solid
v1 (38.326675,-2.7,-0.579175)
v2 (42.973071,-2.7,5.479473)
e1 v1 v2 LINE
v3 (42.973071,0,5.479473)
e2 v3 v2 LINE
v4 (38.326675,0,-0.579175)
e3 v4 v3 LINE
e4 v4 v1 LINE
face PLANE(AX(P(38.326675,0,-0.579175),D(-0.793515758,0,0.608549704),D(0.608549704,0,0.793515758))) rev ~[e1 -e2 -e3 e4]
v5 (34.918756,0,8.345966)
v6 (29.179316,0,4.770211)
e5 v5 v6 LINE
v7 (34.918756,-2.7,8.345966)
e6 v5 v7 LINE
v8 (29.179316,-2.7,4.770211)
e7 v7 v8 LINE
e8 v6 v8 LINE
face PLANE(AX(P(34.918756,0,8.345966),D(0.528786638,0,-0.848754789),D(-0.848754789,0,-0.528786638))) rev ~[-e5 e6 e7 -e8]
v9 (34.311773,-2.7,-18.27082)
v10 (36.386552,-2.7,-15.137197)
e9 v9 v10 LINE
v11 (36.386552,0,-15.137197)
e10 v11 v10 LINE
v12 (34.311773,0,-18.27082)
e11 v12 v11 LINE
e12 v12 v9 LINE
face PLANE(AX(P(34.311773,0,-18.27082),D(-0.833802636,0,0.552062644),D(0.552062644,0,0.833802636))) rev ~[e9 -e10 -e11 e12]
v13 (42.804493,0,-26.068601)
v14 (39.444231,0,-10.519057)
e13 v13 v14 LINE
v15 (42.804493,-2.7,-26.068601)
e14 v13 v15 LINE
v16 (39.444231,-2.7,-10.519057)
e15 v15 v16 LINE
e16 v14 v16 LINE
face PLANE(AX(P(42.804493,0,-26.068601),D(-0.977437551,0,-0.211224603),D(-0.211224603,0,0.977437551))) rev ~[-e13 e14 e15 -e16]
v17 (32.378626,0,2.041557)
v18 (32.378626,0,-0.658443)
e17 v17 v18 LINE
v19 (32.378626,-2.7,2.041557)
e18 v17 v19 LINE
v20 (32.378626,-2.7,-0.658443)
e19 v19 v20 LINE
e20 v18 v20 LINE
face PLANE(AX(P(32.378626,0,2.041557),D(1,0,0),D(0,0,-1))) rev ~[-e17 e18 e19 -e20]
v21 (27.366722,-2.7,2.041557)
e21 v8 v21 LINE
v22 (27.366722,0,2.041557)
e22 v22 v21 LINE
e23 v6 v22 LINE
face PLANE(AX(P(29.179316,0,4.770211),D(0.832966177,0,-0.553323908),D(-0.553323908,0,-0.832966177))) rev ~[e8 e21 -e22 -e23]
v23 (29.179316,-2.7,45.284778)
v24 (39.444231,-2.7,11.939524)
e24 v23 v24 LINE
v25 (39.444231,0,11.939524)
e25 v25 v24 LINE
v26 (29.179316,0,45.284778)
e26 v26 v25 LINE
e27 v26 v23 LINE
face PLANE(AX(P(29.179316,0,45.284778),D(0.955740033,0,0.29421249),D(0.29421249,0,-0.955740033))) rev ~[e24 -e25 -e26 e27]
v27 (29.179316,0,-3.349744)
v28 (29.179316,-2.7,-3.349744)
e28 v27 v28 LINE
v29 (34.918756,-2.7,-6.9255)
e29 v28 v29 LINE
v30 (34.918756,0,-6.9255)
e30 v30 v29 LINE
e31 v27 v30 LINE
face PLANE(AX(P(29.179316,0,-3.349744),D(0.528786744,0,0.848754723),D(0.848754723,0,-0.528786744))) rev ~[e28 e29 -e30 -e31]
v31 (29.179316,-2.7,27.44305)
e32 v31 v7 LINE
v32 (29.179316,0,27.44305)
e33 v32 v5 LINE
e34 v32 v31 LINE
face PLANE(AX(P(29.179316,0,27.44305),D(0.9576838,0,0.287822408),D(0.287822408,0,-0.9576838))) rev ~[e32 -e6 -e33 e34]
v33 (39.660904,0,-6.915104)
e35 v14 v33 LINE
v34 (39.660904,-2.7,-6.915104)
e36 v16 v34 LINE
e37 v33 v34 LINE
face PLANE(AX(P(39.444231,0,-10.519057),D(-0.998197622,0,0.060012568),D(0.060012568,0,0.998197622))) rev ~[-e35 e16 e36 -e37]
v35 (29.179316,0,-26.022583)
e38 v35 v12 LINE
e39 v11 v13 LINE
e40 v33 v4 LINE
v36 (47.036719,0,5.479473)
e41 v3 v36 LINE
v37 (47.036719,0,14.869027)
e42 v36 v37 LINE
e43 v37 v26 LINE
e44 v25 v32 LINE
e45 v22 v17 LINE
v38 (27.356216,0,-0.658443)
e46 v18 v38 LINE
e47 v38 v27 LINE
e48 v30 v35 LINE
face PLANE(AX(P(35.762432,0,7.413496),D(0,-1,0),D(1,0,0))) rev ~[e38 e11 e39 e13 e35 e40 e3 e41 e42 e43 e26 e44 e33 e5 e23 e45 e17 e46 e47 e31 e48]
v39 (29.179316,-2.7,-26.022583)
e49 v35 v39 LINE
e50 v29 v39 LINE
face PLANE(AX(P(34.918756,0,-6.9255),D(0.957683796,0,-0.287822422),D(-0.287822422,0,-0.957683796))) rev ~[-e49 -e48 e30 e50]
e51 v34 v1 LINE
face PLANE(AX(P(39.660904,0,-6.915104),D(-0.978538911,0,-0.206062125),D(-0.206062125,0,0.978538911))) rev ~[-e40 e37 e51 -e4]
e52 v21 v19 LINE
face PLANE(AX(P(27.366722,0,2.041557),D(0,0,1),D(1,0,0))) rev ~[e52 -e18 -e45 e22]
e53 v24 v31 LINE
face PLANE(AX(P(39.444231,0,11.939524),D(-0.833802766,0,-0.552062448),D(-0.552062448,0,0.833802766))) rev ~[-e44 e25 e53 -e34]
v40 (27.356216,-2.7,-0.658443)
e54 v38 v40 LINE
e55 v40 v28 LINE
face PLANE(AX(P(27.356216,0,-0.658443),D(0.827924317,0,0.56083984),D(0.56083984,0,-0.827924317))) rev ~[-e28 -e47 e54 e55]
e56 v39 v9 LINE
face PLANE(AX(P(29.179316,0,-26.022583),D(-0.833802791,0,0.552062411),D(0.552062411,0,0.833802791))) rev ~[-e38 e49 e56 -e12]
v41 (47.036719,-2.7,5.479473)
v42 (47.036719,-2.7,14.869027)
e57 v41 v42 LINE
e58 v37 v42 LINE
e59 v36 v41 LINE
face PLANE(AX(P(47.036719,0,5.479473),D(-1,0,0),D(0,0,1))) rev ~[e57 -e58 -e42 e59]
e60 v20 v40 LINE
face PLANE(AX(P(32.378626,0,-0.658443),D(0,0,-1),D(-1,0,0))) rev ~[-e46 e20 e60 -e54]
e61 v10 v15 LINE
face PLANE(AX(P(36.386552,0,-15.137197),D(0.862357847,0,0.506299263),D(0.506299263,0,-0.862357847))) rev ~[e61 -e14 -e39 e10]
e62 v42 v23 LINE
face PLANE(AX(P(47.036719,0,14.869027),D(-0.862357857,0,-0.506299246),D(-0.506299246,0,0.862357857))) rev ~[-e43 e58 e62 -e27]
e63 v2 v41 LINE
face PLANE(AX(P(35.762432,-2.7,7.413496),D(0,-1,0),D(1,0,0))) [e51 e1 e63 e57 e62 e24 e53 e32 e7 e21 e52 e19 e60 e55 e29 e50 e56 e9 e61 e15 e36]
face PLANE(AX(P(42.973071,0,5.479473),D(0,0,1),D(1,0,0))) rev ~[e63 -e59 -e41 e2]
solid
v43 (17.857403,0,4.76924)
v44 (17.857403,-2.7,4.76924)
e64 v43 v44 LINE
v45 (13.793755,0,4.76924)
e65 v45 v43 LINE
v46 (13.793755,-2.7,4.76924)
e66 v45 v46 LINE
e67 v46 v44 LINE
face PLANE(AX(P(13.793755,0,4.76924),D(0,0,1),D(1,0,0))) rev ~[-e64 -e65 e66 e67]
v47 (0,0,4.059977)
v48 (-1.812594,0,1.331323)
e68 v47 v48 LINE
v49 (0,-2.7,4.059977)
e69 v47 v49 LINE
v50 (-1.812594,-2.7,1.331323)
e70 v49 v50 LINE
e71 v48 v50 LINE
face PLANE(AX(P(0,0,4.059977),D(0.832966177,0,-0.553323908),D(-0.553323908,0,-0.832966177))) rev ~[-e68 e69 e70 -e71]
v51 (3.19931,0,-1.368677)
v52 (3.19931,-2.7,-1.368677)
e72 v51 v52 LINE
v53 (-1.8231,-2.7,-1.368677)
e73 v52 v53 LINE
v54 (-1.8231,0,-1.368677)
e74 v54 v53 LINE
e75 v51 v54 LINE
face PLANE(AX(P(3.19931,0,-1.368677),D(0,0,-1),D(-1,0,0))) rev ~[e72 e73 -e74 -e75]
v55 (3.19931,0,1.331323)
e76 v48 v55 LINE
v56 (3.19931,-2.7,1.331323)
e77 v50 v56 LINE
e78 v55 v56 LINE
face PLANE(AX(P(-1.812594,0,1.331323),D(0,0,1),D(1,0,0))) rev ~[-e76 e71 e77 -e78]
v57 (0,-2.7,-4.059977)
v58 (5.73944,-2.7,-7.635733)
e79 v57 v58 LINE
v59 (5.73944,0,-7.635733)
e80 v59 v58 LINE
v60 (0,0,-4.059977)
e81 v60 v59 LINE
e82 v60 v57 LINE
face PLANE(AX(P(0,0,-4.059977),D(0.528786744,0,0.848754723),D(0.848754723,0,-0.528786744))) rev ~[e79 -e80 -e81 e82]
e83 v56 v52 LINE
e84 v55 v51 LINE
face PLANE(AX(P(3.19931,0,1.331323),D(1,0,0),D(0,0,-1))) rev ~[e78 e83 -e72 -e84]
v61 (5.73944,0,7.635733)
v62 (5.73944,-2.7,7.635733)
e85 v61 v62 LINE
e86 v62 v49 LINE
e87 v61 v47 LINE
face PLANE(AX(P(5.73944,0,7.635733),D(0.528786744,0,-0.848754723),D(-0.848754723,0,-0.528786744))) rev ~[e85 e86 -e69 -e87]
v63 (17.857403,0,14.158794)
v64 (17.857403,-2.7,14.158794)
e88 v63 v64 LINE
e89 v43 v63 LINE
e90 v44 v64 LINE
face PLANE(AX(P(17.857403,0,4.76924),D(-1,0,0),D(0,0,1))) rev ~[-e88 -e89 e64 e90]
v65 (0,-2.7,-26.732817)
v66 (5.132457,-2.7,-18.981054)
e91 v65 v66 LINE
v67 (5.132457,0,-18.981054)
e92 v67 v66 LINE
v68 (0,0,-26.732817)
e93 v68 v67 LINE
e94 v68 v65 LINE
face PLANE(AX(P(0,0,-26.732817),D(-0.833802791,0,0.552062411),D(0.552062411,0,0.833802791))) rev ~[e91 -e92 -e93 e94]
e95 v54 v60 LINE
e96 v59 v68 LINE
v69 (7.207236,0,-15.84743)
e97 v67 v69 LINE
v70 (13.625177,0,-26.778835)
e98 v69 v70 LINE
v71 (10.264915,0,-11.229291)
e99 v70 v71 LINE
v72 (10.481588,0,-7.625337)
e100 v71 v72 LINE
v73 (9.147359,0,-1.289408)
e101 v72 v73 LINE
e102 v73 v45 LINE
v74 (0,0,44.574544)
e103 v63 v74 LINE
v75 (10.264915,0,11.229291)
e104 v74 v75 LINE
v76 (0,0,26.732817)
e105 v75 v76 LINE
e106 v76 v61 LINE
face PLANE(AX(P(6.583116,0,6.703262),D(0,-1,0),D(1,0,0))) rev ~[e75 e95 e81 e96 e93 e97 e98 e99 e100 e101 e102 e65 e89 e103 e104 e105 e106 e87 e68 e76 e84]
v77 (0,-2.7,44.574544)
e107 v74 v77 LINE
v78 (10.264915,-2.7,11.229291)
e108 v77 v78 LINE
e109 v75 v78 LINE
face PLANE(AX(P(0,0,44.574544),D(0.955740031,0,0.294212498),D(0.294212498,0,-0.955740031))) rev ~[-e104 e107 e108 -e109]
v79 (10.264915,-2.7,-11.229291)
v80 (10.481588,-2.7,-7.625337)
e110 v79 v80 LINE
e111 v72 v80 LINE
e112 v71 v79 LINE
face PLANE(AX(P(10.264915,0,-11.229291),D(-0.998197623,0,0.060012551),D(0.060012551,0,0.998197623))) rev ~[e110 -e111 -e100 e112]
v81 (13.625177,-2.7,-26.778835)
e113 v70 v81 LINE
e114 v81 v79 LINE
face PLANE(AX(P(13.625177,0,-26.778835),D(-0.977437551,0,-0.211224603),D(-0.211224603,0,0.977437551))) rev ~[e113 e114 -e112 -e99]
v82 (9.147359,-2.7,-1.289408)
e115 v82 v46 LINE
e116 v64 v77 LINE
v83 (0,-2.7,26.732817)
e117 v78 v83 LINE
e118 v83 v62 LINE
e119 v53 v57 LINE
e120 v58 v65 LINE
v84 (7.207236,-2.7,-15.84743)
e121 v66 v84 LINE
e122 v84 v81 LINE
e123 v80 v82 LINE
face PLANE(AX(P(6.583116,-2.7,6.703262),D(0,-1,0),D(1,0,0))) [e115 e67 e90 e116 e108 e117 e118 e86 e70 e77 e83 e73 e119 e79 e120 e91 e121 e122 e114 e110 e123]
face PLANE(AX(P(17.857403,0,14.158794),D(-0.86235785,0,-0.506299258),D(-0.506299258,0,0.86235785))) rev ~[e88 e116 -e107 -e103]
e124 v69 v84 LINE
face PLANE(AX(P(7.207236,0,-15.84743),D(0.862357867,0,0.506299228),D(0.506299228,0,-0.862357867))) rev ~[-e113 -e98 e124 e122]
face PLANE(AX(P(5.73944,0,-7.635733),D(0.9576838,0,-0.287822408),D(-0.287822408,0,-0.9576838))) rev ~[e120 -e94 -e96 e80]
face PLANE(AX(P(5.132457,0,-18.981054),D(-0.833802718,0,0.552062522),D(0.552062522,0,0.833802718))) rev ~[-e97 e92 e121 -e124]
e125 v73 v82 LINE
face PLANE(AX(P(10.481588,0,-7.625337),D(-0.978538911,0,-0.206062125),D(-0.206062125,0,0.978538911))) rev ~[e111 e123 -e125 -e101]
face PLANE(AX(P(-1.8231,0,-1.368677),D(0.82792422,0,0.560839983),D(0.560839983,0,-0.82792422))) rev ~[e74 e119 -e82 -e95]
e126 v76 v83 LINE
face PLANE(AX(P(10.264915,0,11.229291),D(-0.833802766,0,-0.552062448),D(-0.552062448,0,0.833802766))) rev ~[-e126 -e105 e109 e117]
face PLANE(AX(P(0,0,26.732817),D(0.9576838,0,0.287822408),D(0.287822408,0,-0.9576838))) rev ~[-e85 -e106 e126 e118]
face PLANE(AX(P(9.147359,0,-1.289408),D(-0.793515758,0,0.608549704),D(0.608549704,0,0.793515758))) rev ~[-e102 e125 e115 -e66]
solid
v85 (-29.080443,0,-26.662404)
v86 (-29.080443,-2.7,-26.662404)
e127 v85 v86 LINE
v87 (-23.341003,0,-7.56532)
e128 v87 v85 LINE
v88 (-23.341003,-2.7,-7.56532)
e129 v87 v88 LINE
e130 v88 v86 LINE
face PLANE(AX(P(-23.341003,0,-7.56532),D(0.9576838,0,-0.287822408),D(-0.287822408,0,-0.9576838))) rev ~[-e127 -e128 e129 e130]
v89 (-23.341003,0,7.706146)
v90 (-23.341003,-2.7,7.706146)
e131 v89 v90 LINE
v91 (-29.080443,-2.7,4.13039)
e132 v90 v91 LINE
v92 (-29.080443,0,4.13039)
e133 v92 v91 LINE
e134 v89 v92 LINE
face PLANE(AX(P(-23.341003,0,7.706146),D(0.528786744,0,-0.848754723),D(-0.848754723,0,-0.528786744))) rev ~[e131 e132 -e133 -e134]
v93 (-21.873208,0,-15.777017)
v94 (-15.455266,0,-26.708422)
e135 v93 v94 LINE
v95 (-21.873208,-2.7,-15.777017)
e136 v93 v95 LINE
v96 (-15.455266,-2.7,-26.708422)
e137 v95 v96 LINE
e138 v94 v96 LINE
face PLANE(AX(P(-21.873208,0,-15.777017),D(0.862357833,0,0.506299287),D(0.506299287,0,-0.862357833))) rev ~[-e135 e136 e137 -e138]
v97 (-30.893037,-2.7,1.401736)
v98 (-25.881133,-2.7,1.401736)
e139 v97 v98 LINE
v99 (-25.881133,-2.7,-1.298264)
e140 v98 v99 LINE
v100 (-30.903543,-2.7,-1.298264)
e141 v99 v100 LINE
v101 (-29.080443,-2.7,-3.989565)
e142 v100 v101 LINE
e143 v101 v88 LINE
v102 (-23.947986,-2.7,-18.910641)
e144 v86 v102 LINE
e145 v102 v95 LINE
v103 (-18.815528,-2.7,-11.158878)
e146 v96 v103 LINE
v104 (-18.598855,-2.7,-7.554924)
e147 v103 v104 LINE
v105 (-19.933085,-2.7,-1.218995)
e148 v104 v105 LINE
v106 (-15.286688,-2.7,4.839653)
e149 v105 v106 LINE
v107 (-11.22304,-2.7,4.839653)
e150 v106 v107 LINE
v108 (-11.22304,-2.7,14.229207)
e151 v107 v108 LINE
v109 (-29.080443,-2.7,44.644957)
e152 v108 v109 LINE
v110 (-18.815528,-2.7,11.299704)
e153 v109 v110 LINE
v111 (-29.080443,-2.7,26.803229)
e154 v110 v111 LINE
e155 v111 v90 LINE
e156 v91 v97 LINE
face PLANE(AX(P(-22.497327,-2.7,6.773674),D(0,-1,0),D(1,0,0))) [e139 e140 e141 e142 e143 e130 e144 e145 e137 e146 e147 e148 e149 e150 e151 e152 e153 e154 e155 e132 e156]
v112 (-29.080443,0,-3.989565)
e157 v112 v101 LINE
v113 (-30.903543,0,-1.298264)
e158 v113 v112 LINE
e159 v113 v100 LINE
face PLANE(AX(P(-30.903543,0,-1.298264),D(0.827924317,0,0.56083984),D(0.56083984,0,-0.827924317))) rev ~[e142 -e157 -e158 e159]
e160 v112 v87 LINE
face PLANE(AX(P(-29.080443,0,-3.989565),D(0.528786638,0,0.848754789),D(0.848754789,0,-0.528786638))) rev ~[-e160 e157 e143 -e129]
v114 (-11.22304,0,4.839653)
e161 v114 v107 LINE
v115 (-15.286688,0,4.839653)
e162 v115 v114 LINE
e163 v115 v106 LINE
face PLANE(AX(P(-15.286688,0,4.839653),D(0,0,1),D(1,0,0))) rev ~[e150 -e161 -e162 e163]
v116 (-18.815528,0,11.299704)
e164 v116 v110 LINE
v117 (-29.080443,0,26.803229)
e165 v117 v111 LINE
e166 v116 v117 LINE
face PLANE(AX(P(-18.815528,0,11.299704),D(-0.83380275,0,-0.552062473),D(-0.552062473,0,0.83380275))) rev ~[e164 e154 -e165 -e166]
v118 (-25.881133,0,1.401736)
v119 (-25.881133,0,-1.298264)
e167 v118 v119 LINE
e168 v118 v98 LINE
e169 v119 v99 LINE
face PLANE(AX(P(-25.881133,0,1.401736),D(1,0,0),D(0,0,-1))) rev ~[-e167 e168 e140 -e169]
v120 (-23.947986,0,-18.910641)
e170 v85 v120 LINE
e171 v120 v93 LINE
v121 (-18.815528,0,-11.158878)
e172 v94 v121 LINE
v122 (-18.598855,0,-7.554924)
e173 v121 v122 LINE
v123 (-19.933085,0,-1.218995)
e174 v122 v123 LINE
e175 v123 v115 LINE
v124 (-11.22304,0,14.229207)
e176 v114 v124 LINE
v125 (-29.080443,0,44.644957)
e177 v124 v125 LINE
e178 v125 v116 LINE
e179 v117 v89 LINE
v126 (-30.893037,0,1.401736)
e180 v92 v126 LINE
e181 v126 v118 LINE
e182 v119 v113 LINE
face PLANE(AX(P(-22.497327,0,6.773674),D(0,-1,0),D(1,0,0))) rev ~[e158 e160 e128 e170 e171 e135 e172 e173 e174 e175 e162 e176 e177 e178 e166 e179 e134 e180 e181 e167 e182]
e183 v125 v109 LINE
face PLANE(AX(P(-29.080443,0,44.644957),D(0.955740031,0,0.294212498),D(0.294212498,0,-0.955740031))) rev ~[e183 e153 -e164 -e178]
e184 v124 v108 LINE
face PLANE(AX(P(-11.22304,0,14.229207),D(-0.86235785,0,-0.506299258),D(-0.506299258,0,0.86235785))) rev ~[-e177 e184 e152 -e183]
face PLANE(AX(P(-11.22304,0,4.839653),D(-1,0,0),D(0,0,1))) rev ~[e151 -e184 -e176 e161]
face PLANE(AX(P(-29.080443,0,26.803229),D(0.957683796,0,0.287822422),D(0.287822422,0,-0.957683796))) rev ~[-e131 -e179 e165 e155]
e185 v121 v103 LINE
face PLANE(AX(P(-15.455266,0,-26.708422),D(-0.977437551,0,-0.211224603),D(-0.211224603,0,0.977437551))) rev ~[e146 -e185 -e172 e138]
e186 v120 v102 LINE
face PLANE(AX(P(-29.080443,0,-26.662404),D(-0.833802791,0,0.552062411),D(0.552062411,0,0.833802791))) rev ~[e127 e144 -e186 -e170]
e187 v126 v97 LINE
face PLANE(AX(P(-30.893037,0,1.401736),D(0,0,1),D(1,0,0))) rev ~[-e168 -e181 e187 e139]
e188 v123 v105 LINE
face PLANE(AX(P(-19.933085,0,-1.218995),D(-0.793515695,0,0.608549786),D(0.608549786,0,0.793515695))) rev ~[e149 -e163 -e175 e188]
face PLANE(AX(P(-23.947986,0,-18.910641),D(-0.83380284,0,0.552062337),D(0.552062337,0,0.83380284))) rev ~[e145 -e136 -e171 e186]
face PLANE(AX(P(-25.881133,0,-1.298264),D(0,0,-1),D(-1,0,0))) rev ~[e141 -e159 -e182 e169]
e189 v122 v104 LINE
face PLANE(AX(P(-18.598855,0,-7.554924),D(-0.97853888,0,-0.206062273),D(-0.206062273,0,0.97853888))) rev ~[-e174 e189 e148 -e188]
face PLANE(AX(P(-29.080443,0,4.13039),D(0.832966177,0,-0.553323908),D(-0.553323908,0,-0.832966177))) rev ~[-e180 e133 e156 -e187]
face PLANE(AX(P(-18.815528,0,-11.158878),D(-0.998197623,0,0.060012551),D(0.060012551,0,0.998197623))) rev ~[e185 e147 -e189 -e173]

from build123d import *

# Parameters (mm, degrees)
F1_DEPTH = 2.7


with BuildPart() as f1:
    # F0 (on Front) → F1 (new body)
    with BuildSketch(Plane.XZ):
        Polygon((10.264915, 11.229291), (0, 26.732817), (5.73944, 7.635733), (0, 4.059977), (-1.812594, 1.331323), (0, 1.331323), (3.19931, 1.331323), (3.19931, -1.368677), (0, -1.368677), (-1.8231, -1.368677), (0, -4.059977), (5.73944, -7.635733), (0, -26.732817), (5.132457, -18.981054), (7.207236, -15.84743), (13.625177, -26.778835), (10.264915, -11.229291), (10.481588, -7.625337), (9.147359, -1.289408), (13.793755, 4.76924), (17.857403, 4.76924), (17.857403, 14.158794), (0, 44.574544), align=None)
        Polygon((-18.815528, 11.299704), (-29.080443, 26.803229), (-23.341003, 7.706146), (-29.080443, 4.13039), (-30.893037, 1.401736), (-29.080443, 1.401736), (-25.881133, 1.401736), (-25.881133, -1.298264), (-29.080443, -1.298264), (-30.903543, -1.298264), (-29.080443, -3.989565), (-23.341003, -7.56532), (-29.080443, -26.662404), (-23.947986, -18.910641), (-21.873208, -15.777017), (-15.455266, -26.708422), (-18.815528, -11.158878), (-18.598855, -7.554924), (-19.933085, -1.218995), (-15.286688, 4.839653), (-11.22304, 4.839653), (-11.22304, 14.229207), (-29.080443, 44.644957), align=None)
        Polygon((39.444231, 11.939524), (29.179316, 27.44305), (34.918756, 8.345966), (29.179316, 4.770211), (27.366722, 2.041557), (29.179316, 2.041557), (32.378626, 2.041557), (32.378626, -0.658443), (29.179316, -0.658443), (27.356216, -0.658443), (29.179316, -3.349744), (34.918756, -6.9255), (29.179316, -26.022583), (34.311773, -18.27082), (36.386552, -15.137197), (42.804493, -26.068601), (39.444231, -10.519057), (39.660904, -6.915104), (38.326675, -0.579175), (42.973071, 5.479473), (47.036719, 5.479473), (47.036719, 14.869027), (29.179316, 45.284778), align=None)
    extrude(amount=F1_DEPTH)


solid = f1.part
